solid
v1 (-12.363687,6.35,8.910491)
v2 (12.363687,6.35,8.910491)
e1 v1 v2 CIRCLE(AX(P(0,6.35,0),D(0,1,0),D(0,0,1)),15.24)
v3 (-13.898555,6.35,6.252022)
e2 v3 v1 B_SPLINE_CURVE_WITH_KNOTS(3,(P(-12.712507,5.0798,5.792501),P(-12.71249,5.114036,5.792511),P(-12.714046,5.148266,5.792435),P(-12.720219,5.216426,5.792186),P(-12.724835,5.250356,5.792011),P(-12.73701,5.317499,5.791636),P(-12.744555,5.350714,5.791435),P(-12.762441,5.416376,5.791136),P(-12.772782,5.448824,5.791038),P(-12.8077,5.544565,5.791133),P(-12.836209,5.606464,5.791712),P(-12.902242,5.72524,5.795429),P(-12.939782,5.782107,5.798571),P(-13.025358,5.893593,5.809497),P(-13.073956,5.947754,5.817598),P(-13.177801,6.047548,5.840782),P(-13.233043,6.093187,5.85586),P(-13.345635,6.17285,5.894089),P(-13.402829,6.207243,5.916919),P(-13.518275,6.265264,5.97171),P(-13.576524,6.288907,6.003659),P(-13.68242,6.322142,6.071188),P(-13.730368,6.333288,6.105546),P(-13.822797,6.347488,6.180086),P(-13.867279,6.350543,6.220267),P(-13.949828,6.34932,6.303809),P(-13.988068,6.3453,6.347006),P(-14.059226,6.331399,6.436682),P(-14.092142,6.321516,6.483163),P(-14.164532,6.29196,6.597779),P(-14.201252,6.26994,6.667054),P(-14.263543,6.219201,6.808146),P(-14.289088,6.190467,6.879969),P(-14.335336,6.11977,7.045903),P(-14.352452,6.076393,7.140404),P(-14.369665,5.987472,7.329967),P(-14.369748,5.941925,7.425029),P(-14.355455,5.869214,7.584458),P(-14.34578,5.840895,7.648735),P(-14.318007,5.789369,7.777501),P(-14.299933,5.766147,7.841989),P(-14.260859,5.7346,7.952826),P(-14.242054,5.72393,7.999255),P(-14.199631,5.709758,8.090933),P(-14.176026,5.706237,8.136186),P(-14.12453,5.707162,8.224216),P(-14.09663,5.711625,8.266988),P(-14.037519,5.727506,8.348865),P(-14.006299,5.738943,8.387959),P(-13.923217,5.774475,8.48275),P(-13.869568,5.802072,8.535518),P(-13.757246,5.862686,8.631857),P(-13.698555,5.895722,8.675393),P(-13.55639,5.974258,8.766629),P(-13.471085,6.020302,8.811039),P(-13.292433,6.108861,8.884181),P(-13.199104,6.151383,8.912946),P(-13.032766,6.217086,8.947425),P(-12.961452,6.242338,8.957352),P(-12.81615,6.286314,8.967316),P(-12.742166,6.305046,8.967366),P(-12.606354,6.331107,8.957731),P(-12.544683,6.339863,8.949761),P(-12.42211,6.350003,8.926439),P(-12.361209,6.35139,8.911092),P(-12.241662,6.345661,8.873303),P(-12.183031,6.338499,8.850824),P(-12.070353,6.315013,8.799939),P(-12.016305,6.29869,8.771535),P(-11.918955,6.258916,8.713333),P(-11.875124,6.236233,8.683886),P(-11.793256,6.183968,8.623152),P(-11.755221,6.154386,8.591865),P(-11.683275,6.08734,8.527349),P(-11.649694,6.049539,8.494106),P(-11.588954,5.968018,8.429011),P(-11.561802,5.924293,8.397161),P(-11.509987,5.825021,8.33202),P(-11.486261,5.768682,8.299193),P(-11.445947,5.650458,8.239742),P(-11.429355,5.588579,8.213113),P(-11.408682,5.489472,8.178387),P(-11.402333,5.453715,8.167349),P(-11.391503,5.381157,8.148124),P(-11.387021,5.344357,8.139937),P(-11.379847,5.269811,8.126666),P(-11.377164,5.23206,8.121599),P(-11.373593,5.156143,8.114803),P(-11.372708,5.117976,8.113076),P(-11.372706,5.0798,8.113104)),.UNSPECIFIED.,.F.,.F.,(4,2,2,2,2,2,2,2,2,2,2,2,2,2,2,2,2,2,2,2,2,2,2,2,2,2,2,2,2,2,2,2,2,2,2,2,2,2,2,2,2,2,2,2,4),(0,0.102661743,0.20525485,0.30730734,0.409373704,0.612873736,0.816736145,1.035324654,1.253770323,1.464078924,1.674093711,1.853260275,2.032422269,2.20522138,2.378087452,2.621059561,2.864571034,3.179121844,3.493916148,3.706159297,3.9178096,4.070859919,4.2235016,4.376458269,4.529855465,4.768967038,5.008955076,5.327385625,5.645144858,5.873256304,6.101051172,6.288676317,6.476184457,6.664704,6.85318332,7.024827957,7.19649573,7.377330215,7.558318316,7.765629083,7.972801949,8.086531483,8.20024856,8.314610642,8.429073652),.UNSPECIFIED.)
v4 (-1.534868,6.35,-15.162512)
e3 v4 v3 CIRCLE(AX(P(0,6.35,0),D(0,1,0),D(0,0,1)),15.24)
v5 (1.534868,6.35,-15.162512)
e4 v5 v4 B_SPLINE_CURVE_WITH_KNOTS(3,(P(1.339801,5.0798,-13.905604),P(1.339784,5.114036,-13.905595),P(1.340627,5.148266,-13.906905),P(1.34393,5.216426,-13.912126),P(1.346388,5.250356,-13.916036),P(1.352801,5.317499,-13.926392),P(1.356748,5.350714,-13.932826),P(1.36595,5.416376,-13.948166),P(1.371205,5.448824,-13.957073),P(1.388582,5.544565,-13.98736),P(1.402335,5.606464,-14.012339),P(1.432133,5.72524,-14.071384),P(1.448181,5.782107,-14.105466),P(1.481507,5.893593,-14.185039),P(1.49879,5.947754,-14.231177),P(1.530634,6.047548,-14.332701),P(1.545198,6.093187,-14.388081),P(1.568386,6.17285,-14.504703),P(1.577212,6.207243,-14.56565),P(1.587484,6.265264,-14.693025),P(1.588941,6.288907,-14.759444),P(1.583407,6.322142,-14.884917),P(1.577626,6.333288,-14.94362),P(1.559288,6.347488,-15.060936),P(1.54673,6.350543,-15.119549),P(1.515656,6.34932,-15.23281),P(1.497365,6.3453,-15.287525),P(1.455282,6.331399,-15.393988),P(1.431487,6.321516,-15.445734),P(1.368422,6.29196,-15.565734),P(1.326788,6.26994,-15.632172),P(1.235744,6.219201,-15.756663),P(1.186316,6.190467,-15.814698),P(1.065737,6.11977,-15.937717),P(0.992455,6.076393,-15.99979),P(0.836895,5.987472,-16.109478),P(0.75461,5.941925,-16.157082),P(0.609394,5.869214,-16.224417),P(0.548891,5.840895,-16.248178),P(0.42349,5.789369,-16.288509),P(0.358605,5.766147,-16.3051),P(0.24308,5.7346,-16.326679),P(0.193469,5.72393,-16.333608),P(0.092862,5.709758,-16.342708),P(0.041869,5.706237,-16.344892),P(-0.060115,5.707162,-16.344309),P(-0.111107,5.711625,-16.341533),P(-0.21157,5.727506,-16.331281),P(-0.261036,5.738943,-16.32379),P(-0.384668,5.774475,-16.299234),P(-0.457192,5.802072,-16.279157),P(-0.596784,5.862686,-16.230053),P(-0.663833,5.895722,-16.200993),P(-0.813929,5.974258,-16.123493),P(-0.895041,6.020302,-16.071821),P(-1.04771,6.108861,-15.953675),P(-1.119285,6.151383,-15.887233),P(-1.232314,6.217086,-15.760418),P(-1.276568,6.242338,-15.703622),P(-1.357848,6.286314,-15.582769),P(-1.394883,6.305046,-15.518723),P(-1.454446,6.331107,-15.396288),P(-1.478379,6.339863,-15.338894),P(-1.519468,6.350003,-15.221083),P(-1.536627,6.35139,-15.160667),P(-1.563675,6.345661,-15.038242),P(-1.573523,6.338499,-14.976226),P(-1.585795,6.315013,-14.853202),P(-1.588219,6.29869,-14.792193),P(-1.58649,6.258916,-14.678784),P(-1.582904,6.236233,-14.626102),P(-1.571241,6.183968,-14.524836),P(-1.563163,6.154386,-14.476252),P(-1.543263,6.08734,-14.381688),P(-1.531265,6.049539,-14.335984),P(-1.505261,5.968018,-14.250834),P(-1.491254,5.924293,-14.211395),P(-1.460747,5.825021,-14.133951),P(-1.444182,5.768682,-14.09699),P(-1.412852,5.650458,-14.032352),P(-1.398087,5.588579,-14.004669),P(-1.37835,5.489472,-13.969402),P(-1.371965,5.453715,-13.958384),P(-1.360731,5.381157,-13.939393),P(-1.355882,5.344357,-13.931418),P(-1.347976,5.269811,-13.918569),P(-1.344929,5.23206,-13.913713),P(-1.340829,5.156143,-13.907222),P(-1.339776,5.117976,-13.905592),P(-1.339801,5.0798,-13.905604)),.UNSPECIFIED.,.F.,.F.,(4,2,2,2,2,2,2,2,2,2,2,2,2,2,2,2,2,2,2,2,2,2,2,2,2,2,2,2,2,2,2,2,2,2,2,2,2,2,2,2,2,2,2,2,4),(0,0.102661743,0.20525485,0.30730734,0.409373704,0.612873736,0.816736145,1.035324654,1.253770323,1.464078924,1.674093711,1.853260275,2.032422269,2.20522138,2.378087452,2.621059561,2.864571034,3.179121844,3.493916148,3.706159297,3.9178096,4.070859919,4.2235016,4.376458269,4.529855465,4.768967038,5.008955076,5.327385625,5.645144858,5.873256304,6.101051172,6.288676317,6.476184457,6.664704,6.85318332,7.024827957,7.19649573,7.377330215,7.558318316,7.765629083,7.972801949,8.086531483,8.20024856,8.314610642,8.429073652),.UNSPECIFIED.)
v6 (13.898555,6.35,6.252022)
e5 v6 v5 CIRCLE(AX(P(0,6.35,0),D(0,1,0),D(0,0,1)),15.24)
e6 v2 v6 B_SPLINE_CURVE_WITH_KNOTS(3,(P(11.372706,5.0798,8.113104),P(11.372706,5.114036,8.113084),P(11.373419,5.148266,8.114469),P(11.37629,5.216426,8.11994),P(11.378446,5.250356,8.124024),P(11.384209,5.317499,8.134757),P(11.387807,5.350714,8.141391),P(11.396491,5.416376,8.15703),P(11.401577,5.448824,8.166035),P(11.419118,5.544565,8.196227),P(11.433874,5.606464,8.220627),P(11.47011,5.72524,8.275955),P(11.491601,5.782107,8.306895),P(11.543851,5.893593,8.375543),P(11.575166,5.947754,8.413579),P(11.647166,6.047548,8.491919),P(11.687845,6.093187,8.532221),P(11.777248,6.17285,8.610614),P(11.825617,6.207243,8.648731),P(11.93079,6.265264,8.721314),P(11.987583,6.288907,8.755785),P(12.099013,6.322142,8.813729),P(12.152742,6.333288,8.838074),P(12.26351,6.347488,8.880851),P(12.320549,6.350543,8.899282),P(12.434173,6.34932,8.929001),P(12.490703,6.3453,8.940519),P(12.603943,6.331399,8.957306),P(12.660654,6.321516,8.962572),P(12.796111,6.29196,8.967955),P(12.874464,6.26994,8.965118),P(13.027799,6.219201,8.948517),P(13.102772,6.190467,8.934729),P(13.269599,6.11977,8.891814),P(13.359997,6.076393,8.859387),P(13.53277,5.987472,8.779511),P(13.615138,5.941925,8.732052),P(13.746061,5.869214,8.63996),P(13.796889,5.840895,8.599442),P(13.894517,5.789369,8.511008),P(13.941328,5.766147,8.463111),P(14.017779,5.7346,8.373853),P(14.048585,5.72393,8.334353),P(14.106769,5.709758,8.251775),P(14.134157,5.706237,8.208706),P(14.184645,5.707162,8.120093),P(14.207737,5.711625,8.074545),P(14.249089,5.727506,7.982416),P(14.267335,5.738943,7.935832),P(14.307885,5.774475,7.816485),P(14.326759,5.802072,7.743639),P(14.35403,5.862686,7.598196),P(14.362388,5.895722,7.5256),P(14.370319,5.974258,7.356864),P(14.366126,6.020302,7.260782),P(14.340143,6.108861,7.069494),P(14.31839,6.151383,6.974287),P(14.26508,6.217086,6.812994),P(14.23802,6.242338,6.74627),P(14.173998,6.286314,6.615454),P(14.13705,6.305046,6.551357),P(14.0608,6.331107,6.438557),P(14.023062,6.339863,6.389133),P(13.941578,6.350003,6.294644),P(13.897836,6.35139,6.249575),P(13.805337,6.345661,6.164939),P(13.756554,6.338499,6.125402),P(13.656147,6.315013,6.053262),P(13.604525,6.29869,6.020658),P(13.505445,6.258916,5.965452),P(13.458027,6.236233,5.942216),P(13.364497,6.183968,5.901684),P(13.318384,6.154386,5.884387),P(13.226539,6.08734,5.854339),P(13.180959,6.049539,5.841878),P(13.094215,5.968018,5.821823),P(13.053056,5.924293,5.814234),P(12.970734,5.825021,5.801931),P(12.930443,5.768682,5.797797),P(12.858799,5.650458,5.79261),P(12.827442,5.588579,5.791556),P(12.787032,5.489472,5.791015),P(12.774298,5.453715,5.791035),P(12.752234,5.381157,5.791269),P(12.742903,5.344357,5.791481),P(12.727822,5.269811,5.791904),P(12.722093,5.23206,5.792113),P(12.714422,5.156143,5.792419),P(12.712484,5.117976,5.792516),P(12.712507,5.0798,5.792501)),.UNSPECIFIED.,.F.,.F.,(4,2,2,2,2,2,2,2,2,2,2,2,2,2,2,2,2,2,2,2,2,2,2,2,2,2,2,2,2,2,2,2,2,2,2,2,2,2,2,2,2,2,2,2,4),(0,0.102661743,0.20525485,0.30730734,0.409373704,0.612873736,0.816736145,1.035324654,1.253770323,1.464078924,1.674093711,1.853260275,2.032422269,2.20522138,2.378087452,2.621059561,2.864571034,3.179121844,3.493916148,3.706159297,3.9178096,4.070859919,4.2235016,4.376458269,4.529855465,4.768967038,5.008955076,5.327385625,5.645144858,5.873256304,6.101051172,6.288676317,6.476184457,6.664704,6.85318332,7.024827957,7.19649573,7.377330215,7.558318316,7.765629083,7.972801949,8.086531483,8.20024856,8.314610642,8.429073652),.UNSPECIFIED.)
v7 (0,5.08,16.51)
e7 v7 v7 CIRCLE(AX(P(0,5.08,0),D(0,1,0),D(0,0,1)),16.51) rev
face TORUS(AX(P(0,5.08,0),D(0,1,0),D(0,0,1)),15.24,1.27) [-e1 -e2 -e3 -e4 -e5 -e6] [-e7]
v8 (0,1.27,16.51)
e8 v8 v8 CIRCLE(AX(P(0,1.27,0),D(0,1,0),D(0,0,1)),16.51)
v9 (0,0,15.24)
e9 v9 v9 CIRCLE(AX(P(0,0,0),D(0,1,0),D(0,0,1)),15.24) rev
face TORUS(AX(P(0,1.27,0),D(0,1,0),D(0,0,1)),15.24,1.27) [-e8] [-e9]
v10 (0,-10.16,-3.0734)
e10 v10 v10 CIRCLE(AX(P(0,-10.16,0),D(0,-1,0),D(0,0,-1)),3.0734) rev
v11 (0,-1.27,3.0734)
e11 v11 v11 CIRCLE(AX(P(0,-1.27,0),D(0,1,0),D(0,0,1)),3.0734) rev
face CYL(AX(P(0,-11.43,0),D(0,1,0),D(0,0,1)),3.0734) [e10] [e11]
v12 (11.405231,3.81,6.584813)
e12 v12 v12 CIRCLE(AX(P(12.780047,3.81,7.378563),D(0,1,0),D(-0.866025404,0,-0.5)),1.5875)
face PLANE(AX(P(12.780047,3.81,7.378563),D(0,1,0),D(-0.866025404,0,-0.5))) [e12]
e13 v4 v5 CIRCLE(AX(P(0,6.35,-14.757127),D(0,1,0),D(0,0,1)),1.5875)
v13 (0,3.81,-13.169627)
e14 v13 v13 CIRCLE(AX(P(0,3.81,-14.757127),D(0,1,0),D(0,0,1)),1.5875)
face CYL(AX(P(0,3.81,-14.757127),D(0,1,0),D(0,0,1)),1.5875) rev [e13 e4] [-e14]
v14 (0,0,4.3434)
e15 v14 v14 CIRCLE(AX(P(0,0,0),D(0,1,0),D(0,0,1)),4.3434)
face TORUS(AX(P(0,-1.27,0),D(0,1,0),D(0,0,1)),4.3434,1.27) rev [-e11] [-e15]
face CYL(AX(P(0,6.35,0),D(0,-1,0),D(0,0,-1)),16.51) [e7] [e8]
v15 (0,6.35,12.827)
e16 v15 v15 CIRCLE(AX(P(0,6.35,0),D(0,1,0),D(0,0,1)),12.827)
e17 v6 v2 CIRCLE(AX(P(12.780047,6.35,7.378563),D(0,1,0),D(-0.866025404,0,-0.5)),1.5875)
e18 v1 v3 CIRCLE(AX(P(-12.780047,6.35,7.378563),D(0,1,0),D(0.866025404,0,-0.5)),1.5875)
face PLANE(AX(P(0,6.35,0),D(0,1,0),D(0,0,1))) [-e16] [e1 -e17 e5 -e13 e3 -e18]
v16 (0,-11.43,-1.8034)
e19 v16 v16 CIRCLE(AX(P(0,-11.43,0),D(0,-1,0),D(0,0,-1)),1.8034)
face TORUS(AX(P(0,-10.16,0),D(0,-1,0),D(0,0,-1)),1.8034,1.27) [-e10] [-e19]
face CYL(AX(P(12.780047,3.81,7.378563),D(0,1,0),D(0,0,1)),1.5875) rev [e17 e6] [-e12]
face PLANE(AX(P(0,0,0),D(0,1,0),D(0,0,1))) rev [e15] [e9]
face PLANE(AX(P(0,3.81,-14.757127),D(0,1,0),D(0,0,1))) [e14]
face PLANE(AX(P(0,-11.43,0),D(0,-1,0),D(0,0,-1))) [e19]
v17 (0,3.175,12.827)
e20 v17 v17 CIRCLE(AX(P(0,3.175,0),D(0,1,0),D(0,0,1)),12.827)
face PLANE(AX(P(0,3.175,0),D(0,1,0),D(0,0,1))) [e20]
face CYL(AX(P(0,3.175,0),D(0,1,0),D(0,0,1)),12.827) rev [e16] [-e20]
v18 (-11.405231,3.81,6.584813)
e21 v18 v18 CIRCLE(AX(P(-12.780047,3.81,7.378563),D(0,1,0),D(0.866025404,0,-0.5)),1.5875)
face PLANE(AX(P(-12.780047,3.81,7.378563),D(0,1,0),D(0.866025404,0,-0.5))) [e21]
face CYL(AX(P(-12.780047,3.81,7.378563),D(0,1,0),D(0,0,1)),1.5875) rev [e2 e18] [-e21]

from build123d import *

# Parameters (mm, degrees)
SKETCH1_R           = 16.51
BOSS_EXTRUDE1_DEPTH = 6.35
SKETCH2_R           = 12.827
CUT_EXTRUDE1_DEPTH  = 3.175
FILLET4_R           = 1.27
SKETCH3_R           = 3.0734
BOSS_EXTRUDE3_DEPTH = 11.43
FILLET5_R           = 1.27
SKETCH4_R           = 1.5875
CUT_EXTRUDE2_DEPTH  = 2.54
CIRPATTERN1_COUNT   = 3


with BuildPart() as part:
    # Sketch1 → Boss-Extrude1 (new body)
    with BuildSketch(Plane(origin=(0, 0, 0), x_dir=(1, 0, 0), z_dir=(0, 1, 0))):
        Circle(SKETCH1_R)
    extrude(amount=BOSS_EXTRUDE1_DEPTH)

    # Sketch2 → Cut-Extrude1 (cut)
    with BuildSketch(Plane(origin=(0, 6.35, 0), x_dir=(1, 0, 0), z_dir=(0, 1, 0))):
        Circle(SKETCH2_R)
    extrude(amount=-CUT_EXTRUDE1_DEPTH, mode=Mode.SUBTRACT)

    # Fillet4
    fillet4_edges = [part.edges().sort_by_distance(p)[0] for p in [
        (-16.51, 6.35, 0),
    ]]
    fillet(fillet4_edges, radius=FILLET4_R)

    # Sketch3 → Boss-Extrude3 (add)
    with BuildSketch(Plane.XZ):
        Circle(SKETCH3_R)
    extrude(amount=BOSS_EXTRUDE3_DEPTH)

    # Fillet5
    fillet5_edges = [part.edges().sort_by_distance(p)[0] for p in [
        (-3.0734, -11.43, 0),
        (-16.51, 0, 0),
        (-3.0734, 0, 0),
    ]]
    fillet(fillet5_edges, radius=FILLET5_R)

    # Sketch4 → Cut-Extrude2 (cut)
    with BuildSketch(Plane(origin=(0, 6.35, 0), x_dir=(1, 0, 0), z_dir=(0, 1, 0))):
        with Locations((0, 14.757126775)):
            Circle(SKETCH4_R)
    cut_extrude2 = extrude(amount=-CUT_EXTRUDE2_DEPTH, mode=Mode.SUBTRACT)

    # CirPattern1: Cut-Extrude2 ×3 about axis
    cirpattern1_axis = Axis((0, 3.175, 0), (0, 1, 0))
    for i in range(1, CIRPATTERN1_COUNT):
        add(cut_extrude2.rotate(cirpattern1_axis, i * 360 / CIRPATTERN1_COUNT), mode=Mode.SUBTRACT)


solid = part.part
